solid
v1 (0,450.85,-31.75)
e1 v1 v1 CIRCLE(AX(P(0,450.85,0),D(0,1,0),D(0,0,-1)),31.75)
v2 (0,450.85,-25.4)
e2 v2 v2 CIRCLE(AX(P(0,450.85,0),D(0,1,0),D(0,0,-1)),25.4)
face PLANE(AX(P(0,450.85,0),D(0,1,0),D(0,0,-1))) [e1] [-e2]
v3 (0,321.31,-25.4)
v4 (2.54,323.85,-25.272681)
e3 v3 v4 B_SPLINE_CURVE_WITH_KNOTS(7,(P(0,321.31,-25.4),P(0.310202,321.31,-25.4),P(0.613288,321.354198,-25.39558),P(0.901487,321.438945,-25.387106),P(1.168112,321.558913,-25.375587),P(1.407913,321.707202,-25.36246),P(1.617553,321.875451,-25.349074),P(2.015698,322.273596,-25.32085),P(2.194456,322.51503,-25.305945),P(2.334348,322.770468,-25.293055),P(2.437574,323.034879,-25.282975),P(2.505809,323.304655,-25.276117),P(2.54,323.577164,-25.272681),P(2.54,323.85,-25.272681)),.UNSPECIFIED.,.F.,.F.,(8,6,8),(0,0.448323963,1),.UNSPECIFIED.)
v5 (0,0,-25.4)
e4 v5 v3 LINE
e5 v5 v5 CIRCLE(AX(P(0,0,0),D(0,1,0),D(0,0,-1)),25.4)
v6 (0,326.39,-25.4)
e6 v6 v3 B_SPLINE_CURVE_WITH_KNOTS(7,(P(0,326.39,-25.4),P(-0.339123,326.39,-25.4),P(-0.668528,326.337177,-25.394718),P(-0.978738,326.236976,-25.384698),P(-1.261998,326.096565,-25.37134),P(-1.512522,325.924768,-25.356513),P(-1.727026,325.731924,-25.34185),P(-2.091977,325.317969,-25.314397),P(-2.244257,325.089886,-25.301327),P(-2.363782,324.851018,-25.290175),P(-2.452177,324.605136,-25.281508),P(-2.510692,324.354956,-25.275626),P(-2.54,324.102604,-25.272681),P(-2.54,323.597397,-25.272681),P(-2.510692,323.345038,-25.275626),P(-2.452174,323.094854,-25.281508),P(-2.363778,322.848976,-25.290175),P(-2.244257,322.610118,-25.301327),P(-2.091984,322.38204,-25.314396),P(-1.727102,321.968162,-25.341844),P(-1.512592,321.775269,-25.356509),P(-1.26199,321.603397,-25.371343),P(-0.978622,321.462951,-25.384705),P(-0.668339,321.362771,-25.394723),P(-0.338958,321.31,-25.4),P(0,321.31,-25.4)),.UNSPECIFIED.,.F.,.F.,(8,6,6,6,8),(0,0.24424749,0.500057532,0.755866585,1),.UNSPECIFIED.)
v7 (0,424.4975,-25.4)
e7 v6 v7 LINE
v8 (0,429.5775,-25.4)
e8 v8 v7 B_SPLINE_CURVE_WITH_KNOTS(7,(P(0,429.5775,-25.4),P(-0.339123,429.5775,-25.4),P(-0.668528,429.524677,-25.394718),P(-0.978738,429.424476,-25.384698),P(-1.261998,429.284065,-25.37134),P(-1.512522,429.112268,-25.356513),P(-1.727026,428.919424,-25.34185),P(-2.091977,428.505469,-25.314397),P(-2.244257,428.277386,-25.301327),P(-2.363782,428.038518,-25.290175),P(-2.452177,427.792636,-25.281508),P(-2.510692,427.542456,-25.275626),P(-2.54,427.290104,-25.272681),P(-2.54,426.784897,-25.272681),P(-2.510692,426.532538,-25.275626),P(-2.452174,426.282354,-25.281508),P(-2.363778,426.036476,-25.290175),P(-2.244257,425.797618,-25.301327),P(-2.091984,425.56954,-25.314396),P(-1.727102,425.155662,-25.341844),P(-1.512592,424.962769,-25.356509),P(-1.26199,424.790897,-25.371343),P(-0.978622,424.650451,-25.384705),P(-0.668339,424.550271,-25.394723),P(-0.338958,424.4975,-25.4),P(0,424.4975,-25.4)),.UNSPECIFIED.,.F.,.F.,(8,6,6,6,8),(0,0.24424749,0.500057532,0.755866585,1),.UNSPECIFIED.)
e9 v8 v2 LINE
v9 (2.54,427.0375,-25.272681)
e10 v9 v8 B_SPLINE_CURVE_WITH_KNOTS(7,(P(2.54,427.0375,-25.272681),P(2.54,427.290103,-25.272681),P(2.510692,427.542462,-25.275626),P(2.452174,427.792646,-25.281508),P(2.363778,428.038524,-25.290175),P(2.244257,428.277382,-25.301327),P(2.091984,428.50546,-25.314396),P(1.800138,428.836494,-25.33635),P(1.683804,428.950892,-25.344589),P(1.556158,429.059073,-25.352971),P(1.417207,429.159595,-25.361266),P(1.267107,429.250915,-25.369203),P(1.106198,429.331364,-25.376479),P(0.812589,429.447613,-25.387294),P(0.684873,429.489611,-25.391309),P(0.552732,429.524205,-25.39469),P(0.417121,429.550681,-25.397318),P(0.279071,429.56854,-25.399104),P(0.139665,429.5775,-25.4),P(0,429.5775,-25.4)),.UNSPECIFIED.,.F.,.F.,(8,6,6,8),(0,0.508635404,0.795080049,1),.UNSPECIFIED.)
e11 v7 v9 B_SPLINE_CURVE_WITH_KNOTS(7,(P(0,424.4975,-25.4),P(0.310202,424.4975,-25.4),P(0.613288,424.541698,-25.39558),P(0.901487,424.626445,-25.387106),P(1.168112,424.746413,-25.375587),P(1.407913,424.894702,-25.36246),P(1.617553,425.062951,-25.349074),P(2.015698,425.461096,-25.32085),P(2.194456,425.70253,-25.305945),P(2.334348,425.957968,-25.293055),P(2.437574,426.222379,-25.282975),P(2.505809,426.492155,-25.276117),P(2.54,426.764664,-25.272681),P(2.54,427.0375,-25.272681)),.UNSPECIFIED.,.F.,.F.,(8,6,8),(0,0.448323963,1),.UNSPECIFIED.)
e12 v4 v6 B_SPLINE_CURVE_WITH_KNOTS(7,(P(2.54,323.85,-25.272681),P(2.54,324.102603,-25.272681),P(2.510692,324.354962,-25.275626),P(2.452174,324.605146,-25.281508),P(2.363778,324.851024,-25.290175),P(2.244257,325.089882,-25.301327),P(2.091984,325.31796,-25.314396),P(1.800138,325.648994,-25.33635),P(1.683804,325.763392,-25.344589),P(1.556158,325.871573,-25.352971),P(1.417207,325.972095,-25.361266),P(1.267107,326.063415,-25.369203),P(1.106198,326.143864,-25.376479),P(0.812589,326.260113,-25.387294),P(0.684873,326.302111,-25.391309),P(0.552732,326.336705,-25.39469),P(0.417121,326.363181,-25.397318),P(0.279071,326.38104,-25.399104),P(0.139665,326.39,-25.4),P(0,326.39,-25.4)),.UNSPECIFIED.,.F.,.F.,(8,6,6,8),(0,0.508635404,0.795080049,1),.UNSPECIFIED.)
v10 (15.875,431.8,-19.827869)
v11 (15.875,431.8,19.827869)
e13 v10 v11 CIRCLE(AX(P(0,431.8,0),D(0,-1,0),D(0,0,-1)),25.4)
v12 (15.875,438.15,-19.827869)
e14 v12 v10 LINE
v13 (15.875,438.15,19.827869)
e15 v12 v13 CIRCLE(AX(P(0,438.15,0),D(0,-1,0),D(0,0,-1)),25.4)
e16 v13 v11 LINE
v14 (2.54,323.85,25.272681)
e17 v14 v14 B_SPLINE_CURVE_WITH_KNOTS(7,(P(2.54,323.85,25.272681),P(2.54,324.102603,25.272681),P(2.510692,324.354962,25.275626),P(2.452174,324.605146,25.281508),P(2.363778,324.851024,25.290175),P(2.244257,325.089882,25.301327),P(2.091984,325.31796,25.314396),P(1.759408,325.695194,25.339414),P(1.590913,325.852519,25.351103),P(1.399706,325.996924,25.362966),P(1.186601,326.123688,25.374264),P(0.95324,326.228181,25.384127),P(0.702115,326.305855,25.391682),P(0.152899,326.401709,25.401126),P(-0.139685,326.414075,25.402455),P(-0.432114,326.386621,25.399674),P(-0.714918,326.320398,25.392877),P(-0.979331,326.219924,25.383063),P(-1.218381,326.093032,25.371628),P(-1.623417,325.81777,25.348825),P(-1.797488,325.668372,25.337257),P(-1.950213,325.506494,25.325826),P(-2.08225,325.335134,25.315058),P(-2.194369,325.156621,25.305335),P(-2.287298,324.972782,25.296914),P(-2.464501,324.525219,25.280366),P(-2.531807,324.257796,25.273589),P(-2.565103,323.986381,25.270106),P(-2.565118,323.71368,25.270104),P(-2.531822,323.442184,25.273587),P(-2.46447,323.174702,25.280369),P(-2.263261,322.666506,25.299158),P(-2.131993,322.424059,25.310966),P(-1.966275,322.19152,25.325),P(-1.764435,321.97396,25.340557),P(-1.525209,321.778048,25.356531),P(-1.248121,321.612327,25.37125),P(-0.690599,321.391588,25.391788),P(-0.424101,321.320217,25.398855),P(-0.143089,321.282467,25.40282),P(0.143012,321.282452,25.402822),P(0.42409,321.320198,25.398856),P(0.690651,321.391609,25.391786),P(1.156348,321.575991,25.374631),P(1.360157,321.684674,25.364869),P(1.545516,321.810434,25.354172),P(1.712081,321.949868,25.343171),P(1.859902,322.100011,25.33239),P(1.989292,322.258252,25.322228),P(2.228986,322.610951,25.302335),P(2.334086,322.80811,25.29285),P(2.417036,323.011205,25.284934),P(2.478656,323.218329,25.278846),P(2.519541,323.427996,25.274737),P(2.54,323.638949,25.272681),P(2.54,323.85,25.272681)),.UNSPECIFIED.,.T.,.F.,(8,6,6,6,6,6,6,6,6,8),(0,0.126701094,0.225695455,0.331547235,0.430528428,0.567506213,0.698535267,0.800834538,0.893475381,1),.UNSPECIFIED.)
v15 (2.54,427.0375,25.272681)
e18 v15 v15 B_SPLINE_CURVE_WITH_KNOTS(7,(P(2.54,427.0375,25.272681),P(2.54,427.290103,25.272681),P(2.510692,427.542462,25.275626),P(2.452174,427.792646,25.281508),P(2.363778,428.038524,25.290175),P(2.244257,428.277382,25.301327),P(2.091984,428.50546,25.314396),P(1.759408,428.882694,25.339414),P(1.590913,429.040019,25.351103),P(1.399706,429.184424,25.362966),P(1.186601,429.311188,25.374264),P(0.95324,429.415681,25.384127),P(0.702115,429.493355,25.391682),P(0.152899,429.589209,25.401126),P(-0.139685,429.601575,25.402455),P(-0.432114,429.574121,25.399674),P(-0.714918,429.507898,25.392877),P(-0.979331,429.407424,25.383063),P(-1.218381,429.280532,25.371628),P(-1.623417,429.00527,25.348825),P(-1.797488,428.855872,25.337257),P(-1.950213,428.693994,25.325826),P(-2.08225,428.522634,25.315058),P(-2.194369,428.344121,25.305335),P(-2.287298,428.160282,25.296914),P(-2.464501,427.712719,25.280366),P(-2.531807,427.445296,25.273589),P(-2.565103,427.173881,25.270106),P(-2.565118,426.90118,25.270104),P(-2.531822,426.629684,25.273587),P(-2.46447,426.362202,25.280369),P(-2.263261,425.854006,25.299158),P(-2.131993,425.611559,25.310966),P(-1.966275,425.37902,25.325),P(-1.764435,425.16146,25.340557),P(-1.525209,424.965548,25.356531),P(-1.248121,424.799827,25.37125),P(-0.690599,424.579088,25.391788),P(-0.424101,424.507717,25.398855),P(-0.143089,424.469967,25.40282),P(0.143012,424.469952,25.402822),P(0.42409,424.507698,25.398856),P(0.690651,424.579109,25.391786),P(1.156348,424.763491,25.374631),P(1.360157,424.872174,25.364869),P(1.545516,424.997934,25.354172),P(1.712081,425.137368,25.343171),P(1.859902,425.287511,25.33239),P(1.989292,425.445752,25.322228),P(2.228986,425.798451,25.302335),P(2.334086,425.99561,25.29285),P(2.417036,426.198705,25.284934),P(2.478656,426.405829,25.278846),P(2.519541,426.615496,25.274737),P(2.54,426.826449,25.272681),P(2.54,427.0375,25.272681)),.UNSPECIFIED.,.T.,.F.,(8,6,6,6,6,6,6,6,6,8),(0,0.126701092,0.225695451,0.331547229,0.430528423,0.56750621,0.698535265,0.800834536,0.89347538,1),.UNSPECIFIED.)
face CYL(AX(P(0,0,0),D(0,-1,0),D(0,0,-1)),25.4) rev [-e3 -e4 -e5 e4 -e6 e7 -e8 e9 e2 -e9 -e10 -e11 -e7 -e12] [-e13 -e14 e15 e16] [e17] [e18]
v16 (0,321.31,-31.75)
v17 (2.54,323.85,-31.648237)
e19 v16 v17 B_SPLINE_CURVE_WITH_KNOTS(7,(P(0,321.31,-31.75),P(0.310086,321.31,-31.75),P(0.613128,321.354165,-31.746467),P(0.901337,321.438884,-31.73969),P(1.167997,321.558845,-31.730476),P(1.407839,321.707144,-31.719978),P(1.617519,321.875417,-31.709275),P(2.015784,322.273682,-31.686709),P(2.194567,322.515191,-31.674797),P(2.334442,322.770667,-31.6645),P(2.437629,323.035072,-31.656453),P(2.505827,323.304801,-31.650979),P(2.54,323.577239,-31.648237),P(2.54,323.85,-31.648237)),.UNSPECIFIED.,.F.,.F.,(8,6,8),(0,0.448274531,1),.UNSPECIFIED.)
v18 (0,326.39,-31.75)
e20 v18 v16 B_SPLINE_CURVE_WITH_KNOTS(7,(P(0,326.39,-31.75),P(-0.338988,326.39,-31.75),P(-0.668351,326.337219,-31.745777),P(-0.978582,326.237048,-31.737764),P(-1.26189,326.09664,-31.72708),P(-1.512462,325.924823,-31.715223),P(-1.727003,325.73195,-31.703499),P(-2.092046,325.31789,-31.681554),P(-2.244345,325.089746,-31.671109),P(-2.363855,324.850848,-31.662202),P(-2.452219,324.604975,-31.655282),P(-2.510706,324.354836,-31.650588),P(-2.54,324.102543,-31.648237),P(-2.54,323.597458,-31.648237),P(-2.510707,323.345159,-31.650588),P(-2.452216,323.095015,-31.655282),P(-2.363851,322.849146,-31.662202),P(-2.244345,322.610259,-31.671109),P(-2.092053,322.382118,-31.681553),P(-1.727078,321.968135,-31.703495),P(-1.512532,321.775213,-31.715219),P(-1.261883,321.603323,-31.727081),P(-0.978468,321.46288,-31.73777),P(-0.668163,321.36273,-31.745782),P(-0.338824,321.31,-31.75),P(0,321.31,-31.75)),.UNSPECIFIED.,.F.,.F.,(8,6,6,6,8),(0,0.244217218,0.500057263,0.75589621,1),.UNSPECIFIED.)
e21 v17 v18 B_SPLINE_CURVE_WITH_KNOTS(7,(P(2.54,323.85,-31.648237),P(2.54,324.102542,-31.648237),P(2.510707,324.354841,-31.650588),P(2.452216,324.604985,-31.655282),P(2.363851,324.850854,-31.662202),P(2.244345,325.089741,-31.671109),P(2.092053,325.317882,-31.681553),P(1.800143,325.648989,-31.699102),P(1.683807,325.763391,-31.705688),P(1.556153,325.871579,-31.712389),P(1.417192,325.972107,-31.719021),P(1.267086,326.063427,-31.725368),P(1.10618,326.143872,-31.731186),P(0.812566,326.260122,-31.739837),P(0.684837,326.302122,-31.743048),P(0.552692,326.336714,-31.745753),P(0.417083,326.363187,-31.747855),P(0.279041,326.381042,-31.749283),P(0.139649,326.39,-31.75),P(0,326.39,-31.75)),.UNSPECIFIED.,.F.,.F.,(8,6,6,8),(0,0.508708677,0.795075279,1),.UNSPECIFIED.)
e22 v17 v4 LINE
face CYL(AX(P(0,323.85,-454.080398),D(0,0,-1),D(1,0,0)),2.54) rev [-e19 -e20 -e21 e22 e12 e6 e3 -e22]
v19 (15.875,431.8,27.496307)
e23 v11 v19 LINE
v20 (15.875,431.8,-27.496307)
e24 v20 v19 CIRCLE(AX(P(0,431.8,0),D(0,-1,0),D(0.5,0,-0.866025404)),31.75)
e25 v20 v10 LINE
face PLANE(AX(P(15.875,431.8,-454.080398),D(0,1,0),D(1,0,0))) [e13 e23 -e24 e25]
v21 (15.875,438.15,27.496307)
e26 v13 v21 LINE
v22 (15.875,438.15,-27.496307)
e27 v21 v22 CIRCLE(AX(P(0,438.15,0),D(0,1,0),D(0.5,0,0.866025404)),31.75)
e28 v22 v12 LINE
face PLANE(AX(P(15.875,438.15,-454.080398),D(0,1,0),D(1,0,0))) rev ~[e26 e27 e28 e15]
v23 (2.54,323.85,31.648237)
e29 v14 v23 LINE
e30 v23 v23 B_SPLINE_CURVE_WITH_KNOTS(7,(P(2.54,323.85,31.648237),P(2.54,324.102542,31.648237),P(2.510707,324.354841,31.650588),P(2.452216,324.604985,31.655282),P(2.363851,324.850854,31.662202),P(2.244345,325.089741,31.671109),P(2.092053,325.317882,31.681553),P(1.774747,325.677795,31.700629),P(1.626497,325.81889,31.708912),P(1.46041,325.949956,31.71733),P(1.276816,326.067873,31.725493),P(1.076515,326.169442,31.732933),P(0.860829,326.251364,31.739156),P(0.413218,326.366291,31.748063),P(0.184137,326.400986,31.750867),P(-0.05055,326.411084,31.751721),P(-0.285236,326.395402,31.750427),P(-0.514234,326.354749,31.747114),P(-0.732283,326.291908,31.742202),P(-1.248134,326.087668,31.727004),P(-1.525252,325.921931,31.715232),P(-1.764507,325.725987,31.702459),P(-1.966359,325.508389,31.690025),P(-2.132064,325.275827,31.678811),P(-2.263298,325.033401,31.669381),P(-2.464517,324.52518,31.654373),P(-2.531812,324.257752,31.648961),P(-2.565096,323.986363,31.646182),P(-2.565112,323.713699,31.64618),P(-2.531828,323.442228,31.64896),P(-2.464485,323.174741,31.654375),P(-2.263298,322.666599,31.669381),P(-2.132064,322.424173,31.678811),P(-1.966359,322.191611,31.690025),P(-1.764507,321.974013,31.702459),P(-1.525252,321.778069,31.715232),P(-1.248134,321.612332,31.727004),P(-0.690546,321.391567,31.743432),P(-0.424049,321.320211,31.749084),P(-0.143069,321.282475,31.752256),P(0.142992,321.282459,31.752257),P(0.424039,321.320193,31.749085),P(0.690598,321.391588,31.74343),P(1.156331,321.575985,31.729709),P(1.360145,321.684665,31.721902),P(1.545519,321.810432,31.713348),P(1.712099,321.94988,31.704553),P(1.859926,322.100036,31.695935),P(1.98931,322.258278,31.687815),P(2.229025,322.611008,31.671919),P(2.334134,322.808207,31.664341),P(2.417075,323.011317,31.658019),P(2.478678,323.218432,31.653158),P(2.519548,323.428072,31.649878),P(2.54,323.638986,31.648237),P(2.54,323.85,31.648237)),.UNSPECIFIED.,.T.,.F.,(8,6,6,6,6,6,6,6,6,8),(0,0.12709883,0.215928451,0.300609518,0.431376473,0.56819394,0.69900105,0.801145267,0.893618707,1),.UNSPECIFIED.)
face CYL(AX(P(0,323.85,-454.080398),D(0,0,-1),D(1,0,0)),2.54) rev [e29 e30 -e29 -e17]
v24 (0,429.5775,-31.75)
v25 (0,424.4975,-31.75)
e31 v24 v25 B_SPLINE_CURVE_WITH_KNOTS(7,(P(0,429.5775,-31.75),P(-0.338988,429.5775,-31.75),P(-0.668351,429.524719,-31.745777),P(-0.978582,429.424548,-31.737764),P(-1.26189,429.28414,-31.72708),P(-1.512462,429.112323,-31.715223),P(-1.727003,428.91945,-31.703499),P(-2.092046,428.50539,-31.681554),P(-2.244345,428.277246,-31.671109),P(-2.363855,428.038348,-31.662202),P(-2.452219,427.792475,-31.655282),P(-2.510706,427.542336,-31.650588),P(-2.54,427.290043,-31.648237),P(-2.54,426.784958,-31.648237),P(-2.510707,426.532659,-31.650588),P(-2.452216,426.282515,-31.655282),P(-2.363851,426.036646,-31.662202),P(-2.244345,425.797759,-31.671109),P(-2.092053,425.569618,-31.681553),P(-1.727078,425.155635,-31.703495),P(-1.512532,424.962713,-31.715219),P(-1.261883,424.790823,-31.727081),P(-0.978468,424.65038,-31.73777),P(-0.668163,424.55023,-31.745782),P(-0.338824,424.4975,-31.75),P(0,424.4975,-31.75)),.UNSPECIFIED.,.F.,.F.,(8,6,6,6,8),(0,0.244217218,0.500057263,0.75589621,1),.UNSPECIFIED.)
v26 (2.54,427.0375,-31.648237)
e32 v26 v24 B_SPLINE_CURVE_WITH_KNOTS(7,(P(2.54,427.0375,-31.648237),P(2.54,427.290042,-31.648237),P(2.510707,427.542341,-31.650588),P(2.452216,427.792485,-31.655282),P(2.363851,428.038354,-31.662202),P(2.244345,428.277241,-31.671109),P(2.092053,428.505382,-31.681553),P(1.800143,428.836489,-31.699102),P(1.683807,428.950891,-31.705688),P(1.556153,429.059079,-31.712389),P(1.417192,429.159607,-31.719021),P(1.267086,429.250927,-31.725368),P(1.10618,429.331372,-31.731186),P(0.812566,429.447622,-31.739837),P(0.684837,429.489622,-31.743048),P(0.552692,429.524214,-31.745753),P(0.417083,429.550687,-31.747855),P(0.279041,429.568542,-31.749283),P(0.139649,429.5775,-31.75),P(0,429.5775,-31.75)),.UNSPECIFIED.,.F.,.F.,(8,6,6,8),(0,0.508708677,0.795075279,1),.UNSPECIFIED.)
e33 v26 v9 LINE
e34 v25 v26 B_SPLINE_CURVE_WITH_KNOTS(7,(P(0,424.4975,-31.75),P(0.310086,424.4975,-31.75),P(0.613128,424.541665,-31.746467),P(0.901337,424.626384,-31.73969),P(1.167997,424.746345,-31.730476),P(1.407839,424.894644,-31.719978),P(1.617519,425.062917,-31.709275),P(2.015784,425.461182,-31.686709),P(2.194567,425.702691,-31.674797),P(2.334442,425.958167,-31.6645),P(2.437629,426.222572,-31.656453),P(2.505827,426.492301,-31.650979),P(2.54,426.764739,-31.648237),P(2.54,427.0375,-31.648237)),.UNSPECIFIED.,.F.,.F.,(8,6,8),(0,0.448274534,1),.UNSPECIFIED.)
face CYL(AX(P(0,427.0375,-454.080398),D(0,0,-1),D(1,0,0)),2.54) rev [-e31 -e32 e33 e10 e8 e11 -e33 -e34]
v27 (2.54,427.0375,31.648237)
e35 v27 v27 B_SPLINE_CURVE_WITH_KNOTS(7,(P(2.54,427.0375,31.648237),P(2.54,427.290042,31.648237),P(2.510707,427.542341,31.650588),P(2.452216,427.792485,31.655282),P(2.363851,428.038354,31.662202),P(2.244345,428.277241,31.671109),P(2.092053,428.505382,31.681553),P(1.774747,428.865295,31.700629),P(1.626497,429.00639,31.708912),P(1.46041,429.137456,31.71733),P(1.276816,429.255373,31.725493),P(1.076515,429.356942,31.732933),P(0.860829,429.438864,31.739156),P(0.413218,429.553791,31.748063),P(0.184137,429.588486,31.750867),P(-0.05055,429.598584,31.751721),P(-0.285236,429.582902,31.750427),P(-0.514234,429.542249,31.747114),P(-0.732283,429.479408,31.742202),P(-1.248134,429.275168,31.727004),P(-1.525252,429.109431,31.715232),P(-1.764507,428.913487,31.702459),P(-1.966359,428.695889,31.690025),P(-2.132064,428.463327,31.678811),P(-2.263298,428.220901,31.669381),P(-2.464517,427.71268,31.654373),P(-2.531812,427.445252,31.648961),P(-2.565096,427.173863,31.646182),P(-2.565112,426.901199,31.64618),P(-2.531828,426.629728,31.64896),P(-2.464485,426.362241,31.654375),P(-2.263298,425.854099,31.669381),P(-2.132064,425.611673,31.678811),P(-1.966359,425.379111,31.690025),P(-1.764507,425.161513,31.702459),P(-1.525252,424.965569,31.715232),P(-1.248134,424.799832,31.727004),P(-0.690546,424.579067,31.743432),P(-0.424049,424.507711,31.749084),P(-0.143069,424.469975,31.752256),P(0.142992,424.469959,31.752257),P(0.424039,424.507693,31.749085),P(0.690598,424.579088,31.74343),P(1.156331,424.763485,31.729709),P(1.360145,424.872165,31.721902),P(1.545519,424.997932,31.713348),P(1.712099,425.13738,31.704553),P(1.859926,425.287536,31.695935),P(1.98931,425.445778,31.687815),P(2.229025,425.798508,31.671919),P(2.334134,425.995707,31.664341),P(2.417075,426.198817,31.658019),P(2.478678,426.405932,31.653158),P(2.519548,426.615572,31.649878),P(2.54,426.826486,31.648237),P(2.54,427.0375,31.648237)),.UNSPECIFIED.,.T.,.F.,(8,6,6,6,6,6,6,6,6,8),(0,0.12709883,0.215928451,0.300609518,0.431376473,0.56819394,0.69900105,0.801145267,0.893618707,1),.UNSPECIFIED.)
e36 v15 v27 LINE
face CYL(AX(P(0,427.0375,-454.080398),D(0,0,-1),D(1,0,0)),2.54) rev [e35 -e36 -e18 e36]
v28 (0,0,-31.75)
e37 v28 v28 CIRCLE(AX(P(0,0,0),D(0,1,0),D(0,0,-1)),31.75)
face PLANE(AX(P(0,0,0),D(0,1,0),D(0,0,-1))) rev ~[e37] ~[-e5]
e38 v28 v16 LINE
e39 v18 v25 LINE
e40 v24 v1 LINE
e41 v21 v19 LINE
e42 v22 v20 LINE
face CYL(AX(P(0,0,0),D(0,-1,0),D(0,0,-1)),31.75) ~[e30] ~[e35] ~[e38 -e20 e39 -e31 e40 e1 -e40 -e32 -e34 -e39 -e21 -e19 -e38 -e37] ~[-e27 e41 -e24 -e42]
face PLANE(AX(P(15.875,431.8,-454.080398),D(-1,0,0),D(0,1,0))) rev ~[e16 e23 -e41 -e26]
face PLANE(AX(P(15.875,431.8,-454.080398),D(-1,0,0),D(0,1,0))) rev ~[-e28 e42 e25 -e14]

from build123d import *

# Parameters (mm, degrees)
SKETCH1_R               = 31.75
SKETCH1_R_2             = 25.4
BOSS_EXTRUDE1_DEPTH     = 450.85
CUT_EXTRUDE2_DEPTH      = 454.080398495
CUT_EXTRUDE2_DEPTH_BACK = 454.080398495
SKETCH4_R               = 2.54
SKETCH4_W               = 15.875
SKETCH4_H               = 6.35


with BuildPart() as part:
    # Sketch1 → Boss-Extrude1 (new body)
    with BuildSketch(Plane(origin=(0, 0, 0), x_dir=(1, 0, 0), z_dir=(0, 1, 0))):
        with Locations(Location((0, 0, 0), (0, 0, 90))):
            Circle(SKETCH1_R)
        with Locations(Location((0, 0, 0), (0, 0, 90))):
            Circle(SKETCH1_R_2, mode=Mode.SUBTRACT)
    extrude(amount=BOSS_EXTRUDE1_DEPTH)

    # Sketch4 → Cut-Extrude2 (cut, two sides: drawn at the far end of the back side and taken through both)
    with BuildSketch(Plane.XY.offset(-CUT_EXTRUDE2_DEPTH_BACK)):
        with Locations((0, 323.85)):
            Circle(SKETCH4_R)
        with Locations((0, 427.0375)):
            Circle(SKETCH4_R)
        with Locations((23.8125, 434.975)):
            Rectangle(SKETCH4_W, SKETCH4_H)
    extrude(amount=CUT_EXTRUDE2_DEPTH + CUT_EXTRUDE2_DEPTH_BACK, mode=Mode.SUBTRACT)


solid = part.part
